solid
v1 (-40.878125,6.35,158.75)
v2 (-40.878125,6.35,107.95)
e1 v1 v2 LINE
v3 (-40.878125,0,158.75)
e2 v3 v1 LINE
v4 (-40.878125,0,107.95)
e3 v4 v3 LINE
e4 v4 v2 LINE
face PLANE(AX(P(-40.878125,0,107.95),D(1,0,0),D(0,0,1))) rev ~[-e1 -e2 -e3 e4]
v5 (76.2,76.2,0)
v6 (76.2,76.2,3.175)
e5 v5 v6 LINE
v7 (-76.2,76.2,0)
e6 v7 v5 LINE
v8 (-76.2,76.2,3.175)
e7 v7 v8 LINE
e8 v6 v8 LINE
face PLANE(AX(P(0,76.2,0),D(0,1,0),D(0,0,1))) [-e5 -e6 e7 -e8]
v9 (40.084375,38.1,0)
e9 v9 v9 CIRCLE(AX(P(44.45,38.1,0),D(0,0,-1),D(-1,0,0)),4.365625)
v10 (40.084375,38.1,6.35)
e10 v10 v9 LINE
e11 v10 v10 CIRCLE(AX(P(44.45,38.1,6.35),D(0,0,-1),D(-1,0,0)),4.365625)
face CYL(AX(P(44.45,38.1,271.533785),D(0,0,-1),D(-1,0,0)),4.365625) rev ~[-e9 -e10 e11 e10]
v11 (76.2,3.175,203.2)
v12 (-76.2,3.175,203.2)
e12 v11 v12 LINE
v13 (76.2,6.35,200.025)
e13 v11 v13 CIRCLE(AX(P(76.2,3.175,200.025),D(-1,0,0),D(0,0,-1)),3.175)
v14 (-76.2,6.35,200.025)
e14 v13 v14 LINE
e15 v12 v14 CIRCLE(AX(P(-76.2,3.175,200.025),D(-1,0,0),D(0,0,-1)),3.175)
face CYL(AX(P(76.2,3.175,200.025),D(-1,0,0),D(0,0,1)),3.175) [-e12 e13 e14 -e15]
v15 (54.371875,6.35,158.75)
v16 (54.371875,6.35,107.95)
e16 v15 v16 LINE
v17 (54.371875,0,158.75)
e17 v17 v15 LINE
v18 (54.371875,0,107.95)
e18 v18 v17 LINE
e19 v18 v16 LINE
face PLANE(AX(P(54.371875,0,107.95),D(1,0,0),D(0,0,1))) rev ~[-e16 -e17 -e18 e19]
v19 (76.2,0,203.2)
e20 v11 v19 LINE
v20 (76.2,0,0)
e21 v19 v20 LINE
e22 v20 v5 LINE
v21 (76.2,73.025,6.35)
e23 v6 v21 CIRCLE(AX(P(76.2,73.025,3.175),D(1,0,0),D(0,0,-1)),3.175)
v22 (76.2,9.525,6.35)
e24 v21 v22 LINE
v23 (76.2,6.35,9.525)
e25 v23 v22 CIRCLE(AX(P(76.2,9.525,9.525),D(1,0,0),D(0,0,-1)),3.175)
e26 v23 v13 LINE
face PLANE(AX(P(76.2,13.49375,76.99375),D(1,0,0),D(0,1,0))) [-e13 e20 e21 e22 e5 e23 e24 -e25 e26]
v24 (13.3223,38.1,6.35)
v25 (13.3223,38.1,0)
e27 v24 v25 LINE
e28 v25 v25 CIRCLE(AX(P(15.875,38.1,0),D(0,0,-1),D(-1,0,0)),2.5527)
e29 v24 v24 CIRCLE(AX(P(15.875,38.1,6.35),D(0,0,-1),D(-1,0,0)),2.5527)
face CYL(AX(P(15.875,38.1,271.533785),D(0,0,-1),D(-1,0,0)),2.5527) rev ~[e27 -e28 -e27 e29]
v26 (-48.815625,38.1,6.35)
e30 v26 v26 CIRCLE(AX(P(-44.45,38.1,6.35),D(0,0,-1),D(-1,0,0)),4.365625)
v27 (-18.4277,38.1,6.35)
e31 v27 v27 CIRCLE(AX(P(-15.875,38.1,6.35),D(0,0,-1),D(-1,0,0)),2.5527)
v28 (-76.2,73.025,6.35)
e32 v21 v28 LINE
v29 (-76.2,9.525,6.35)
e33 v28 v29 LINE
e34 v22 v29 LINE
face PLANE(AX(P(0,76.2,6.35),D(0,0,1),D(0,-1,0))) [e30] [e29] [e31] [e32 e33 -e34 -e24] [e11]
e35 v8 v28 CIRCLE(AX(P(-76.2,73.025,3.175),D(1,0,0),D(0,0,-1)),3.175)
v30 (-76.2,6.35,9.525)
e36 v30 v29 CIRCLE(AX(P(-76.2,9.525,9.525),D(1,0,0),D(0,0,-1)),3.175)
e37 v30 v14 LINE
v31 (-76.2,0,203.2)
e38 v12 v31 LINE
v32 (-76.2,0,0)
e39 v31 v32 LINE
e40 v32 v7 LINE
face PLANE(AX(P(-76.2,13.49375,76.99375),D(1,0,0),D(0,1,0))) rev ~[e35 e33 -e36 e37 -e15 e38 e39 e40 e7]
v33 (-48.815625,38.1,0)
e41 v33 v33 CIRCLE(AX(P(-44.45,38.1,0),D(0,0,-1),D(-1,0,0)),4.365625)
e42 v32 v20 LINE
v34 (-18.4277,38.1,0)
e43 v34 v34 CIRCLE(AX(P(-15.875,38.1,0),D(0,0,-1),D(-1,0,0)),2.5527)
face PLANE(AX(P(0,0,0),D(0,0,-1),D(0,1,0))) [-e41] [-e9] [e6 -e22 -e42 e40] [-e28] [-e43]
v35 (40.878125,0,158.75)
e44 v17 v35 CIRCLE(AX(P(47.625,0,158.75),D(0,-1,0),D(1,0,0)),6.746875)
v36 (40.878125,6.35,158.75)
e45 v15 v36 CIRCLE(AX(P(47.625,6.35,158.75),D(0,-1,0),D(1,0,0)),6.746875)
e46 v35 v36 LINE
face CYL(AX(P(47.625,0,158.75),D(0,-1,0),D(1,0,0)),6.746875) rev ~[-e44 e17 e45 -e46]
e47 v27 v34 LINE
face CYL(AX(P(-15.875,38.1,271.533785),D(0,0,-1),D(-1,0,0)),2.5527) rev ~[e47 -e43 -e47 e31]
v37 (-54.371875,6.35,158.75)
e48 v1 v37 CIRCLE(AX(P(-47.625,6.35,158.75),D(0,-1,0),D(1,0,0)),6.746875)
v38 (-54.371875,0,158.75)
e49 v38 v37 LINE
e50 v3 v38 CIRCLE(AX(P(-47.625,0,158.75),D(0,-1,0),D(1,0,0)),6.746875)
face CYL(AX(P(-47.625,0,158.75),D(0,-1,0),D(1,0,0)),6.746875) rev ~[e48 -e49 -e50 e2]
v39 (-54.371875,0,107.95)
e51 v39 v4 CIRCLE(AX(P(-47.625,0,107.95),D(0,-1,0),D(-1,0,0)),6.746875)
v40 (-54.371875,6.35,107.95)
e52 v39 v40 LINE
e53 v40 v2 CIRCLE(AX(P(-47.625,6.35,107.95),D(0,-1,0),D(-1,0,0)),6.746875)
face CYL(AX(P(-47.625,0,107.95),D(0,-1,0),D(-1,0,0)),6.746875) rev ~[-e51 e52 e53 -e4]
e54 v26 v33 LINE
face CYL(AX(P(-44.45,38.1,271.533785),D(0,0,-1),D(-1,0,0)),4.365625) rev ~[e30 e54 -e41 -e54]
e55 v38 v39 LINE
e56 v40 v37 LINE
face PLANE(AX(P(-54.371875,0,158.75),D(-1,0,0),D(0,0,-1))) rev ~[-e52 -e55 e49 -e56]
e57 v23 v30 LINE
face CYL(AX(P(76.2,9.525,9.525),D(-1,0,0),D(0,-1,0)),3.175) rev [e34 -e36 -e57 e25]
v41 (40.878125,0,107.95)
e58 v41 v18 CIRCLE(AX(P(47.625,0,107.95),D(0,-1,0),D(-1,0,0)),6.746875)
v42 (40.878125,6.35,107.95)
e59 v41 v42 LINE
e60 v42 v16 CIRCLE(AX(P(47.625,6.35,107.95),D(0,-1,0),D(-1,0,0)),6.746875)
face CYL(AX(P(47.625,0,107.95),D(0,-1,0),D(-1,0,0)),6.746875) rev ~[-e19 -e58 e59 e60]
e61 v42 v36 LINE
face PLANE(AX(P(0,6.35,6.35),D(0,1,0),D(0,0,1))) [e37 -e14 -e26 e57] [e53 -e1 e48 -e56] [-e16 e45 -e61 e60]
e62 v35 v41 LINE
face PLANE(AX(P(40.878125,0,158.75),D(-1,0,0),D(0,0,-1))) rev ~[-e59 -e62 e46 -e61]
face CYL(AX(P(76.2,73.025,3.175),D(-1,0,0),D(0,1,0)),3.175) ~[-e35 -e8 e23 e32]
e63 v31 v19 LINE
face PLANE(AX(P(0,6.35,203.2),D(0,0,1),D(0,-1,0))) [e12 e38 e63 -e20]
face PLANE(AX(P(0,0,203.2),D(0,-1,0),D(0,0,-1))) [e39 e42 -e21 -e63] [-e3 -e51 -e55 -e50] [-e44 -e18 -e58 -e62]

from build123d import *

# Parameters (mm, degrees)
F1_DEPTH = 76.2
F3_DEPTH = 25.4
F5_D     = 8.73125
F7_D     = 5.1054
F8_R     = 3.175


with BuildPart() as f1:
    # F0 (on Right) → F1 (new body, symmetric)
    with BuildSketch(Plane.YZ):
        Polygon((6.3499999233, 203.2), (0, 203.2), (0, 0), (76.2, 0), (76.2, 6.3499999233), (6.3499999233, 6.3499999233), align=None)
    extrude(amount=F1_DEPTH, both=True)

    # F2 (on face) → F3 (cut)
    with BuildSketch(Plane.XZ):
        with BuildLine():
            ThreePointArc((-40.878125, 158.75), (-47.625, 165.496875), (-54.371875, 158.75))
            Line((-54.371875, 158.75), (-54.371875, 107.95))
            ThreePointArc((-54.371875, 107.95), (-47.625, 101.203125), (-40.878125, 107.95))
            Line((-40.878125, 107.95), (-40.878125, 158.75))
        make_face()
        with BuildLine():
            Line((54.371875, 107.95), (54.371875, 158.75))
            ThreePointArc((54.371875, 158.75), (47.625, 165.496875), (40.878125, 158.75))
            Line((40.878125, 158.75), (40.878125, 107.95))
            ThreePointArc((40.878125, 107.95), (47.625, 101.203125), (54.371875, 107.95))
        make_face()
    extrude(amount=-F3_DEPTH, mode=Mode.SUBTRACT)

    # F5 (through all)
    with Locations(Plane.XY.offset(6.3499999233)):
        with Locations((-44.45, 38.1), (44.45, 38.1)):
            Hole(F5_D / 2)

    # F7 (through all)
    with Locations(Plane.XY.offset(6.3499999233)):
        with Locations((15.875, 38.1), (-15.875, 38.1)):
            Hole(F7_D / 2)

    # F8
    f8_edges = [f1.edges().sort_by_distance(p)[0] for p in [
        (0, 6.35, 6.35),
        (0, 6.35, 203.2),
        (0, 76.2, 6.35),
    ]]
    fillet(f8_edges, radius=F8_R)


solid = f1.part
